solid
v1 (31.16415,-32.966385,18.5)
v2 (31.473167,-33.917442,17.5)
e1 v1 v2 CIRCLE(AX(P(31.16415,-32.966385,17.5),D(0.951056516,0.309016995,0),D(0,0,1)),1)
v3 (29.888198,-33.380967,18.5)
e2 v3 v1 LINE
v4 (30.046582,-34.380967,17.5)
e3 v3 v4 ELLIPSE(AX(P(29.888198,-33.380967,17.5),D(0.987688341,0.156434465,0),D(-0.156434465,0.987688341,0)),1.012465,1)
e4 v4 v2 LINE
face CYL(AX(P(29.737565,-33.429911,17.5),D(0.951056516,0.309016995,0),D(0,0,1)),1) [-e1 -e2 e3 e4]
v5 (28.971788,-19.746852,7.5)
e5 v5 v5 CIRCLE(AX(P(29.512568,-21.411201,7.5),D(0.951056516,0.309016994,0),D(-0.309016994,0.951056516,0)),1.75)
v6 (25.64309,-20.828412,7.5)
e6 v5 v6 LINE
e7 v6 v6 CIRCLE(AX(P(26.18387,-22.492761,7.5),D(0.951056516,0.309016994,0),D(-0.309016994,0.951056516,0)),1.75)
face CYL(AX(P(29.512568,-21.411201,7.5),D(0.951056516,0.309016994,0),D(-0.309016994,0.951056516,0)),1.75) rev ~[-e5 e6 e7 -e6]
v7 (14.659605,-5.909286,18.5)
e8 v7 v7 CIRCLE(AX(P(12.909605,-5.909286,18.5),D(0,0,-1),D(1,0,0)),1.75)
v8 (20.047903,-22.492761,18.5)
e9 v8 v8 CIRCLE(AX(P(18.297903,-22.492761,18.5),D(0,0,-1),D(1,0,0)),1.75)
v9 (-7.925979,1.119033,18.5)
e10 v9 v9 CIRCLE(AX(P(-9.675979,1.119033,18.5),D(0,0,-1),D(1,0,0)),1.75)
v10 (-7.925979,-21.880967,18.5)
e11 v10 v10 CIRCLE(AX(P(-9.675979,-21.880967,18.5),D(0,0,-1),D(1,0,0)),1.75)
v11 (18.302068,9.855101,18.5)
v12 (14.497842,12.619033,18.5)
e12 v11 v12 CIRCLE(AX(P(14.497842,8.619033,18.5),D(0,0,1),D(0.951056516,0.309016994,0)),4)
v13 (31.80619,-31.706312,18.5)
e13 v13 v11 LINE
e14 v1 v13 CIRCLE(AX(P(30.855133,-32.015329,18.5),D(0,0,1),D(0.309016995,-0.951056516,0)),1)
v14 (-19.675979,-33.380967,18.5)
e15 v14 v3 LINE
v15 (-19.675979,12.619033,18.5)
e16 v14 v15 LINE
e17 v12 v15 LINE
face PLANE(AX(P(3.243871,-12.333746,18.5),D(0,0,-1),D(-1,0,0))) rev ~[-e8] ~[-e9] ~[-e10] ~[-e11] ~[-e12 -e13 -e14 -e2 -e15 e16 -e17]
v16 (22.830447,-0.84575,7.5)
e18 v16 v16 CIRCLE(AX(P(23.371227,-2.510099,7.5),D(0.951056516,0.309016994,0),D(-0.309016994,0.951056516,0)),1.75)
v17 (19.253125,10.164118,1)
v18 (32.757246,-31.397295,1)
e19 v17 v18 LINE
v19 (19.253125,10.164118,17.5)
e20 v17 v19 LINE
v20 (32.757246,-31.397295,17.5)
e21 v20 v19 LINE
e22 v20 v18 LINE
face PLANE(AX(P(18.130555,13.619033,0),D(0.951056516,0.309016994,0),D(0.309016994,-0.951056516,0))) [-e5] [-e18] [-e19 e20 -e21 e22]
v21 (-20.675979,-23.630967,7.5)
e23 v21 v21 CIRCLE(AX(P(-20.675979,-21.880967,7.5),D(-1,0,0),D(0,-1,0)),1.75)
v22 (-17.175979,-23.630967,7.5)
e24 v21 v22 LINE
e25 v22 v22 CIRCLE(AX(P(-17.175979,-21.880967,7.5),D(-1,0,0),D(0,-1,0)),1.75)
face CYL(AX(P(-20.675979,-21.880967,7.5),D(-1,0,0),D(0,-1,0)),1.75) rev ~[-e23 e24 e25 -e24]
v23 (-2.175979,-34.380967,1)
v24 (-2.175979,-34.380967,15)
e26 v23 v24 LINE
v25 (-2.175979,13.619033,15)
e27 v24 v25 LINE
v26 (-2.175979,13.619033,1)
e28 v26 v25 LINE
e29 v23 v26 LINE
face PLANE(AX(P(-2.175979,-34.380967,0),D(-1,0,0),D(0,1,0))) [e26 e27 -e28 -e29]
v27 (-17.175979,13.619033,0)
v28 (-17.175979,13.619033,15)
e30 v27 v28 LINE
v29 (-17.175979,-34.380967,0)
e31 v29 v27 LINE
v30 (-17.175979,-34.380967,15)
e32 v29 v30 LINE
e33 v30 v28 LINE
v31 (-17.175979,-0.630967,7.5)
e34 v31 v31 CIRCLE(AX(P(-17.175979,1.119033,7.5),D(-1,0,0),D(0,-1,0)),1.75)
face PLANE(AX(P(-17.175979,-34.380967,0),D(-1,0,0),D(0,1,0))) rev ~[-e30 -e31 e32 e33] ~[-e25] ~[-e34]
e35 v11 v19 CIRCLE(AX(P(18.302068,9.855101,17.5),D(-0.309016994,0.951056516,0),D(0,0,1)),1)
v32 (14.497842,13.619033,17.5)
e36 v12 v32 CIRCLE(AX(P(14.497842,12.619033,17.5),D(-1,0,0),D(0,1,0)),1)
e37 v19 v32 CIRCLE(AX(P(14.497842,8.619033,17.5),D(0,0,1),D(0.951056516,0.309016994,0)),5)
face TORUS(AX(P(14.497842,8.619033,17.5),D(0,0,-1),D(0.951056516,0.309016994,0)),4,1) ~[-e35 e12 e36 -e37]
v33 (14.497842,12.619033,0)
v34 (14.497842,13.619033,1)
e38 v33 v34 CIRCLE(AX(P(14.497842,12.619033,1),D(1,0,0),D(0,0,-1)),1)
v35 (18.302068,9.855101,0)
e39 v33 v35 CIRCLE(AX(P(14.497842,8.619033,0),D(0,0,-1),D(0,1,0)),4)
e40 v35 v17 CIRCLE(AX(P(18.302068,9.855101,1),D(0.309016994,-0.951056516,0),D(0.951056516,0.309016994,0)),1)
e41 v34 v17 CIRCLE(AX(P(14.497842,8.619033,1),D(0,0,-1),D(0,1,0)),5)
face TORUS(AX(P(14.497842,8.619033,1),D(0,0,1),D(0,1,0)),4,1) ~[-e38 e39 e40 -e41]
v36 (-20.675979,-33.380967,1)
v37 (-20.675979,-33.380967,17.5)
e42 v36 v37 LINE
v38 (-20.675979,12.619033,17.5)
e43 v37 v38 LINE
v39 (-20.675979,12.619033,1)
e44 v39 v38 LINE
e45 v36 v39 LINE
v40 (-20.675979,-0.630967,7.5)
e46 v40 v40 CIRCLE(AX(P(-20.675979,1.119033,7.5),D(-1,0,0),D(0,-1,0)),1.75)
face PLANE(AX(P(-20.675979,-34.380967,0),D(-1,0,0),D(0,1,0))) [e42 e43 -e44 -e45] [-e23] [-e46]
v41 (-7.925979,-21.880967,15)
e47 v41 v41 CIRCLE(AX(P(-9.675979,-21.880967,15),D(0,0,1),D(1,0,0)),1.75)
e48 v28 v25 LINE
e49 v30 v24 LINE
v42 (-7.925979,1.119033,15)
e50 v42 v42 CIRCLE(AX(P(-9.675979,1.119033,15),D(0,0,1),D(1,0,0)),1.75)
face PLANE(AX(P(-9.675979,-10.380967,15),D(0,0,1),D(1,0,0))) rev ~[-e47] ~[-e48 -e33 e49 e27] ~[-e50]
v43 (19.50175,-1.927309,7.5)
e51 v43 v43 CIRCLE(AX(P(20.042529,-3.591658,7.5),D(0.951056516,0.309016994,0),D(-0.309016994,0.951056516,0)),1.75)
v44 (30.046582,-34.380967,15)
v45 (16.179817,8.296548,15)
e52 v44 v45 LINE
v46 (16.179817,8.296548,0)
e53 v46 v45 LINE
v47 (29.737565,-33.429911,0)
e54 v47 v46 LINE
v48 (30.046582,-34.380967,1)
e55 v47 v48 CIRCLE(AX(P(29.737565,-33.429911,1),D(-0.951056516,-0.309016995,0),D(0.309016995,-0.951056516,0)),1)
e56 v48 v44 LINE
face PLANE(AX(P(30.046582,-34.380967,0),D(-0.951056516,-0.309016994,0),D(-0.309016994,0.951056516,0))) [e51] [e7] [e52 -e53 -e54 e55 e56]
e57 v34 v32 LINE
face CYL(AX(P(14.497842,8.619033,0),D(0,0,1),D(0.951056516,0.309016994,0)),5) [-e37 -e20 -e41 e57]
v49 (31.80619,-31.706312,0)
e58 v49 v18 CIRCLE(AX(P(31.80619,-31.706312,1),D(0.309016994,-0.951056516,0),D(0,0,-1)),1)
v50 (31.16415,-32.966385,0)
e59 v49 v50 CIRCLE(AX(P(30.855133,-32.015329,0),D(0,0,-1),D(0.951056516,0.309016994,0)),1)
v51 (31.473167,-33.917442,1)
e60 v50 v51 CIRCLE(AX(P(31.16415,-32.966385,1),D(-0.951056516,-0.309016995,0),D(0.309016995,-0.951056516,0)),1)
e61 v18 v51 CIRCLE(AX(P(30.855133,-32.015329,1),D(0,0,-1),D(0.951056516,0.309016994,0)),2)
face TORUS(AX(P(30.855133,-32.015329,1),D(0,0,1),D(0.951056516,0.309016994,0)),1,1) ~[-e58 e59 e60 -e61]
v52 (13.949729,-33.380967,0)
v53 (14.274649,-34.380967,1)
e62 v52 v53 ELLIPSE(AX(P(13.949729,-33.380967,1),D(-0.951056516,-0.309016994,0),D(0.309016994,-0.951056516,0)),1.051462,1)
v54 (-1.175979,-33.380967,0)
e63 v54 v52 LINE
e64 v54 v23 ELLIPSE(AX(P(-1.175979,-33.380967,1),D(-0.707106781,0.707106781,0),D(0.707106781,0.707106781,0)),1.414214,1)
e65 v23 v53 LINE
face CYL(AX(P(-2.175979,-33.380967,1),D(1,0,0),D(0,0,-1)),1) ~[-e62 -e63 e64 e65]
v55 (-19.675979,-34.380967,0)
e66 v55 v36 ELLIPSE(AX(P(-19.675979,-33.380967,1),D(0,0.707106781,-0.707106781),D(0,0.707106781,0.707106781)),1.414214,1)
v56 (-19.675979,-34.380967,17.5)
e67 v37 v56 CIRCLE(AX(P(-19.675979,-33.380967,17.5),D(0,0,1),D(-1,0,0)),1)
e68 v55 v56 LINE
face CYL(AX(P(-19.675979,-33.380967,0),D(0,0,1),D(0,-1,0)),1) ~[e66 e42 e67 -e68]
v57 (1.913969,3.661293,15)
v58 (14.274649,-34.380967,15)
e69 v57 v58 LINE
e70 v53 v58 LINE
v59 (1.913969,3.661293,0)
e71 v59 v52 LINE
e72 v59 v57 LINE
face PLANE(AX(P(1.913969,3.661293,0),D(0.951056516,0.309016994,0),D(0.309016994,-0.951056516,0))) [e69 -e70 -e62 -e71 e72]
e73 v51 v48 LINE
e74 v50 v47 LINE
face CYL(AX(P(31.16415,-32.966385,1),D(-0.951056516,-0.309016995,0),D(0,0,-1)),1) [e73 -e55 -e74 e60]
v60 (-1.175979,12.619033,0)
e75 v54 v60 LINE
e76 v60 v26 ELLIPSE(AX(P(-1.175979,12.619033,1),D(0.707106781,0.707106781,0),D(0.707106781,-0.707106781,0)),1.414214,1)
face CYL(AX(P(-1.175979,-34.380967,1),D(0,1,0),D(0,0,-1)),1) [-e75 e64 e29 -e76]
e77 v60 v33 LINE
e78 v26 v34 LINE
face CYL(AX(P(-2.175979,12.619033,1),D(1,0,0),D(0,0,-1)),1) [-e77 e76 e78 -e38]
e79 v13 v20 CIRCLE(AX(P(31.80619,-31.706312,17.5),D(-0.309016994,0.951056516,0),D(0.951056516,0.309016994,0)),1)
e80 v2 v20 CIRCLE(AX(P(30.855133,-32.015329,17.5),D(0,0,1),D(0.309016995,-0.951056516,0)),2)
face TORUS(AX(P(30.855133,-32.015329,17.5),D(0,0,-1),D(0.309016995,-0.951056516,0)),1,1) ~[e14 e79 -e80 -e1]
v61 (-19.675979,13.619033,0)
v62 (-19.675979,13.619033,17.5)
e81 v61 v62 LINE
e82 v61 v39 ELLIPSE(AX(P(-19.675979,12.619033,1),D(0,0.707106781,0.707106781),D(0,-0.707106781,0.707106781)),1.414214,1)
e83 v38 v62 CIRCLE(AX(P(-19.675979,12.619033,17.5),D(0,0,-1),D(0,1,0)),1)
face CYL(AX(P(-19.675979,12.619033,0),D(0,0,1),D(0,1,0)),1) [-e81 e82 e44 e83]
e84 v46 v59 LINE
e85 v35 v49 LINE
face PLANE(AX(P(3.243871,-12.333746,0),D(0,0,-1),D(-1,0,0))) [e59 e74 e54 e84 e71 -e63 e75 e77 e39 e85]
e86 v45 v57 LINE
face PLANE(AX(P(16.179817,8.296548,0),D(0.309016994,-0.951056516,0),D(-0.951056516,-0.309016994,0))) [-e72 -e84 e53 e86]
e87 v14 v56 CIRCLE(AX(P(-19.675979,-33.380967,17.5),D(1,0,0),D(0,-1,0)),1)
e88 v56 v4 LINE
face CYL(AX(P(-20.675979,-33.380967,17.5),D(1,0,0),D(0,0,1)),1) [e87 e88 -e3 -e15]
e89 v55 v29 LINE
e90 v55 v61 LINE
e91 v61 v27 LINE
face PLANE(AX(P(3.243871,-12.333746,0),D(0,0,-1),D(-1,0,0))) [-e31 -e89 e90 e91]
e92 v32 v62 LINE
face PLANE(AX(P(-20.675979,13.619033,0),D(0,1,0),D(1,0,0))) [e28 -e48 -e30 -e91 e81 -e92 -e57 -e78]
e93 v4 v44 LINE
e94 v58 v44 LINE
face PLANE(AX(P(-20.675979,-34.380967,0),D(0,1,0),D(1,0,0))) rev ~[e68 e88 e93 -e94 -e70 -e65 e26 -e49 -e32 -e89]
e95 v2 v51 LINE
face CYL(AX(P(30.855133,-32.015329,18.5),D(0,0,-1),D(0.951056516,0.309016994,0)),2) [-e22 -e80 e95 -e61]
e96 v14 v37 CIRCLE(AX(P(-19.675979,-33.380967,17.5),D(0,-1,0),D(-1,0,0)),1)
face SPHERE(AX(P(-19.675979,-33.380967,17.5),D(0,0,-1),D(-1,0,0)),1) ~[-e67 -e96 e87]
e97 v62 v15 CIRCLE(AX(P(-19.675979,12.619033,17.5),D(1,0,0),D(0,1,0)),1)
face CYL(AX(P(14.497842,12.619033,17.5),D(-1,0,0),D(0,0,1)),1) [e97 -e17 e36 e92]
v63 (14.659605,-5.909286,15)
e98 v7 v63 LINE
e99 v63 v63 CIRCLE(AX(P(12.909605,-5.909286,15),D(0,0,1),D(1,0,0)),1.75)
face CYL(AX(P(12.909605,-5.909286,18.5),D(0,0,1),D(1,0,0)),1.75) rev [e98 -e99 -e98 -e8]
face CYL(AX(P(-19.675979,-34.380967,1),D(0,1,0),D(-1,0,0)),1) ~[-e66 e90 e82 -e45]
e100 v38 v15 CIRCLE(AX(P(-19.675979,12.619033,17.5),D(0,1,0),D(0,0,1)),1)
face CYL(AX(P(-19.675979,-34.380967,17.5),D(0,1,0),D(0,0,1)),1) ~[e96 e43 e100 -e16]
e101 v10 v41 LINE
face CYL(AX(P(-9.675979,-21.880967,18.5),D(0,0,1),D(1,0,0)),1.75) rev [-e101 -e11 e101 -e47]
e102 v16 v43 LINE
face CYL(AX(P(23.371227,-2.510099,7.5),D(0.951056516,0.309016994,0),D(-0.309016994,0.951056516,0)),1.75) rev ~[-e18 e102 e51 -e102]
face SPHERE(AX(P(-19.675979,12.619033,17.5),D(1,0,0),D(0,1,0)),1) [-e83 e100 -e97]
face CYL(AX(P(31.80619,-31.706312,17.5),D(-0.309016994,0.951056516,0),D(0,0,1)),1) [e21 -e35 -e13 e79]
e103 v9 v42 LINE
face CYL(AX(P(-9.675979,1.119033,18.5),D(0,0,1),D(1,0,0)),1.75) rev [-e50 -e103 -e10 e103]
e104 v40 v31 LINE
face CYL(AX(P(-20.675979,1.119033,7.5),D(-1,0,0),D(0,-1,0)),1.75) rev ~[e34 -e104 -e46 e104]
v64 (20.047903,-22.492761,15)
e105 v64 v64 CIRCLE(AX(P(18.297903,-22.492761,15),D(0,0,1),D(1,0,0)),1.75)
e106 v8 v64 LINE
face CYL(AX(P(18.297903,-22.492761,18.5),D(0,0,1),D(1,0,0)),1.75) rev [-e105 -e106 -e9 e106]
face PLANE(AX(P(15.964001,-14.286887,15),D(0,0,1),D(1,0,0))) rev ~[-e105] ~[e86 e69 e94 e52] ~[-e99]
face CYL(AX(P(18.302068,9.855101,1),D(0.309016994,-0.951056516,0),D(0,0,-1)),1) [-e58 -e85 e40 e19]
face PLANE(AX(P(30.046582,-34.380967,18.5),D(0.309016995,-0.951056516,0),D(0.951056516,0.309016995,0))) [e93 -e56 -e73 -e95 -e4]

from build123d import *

# Parameters (mm, degrees)
BOSS_EXTRUDE1_DEPTH = 18.5
SKETCH2_W           = 15
SKETCH2_H           = 48
CUT_EXTRUDE1_DEPTH  = 15
SKETCH3_R           = 1.75
CUT_EXTRUDE2_DEPTH  = 3.5
SKETCH4_R           = 1.75
CUT_EXTRUDE3_DEPTH  = 4
SKETCH5_R           = 1.75
CUT_EXTRUDE4_DEPTH  = 4
CUT_EXTRUDE5_DEPTH  = 19
FILLET1_R           = 2
FILLET2_R           = 5
FILLET3_R           = 1


with BuildPart() as part:
    # Sketch1 → Boss-Extrude1 (new body)
    with BuildSketch(Plane.XY):
        Polygon((18.13055467, 13.619032779), (33.726700089, -34.380967221), (1.324021324, -34.380967221), (-20.675978676, -34.380967221), (-20.675978676, 13.619032779), align=None)
    extrude(amount=BOSS_EXTRUDE1_DEPTH)

    # Sketch2 → Cut-Extrude1 (cut)
    with BuildSketch(Plane.XY):
        with Locations((-9.675978676, -10.380967221)):
            Rectangle(SKETCH2_W, SKETCH2_H)
        Polygon((30.046582304, -34.380967221), (16.17981691, 8.296548347), (1.913969166, 3.661293431), (14.274648941, -34.380967221), align=None)
    extrude(amount=CUT_EXTRUDE1_DEPTH, mode=Mode.SUBTRACT)

    # Sketch3 → Cut-Extrude2 (cut)
    with BuildSketch(Plane(origin=(20.401774067, 6.628938232, 0), x_dir=(0, 0, -1), z_dir=(0.9510565162951533, 0.3090169943749487, 0))):
        with Locations(Location((-7.5, -29.483147467, 0), (0, 0, 90))):
            Circle(SKETCH3_R)
        with Locations(Location((-7.5, -9.609352023, 0), (0, 0, 90))):
            Circle(SKETCH3_R)
    extrude(amount=-CUT_EXTRUDE2_DEPTH, mode=Mode.SUBTRACT)

    # Sketch4 → Cut-Extrude3 (cut)
    with BuildSketch(Plane(origin=(0, 0, 18.5), x_dir=(-1, 0, 0), z_dir=(0, 0, -1))):
        with Locations(Location((-18.297903193, -22.492760767, 0), (0, 0, 180))):
            Circle(SKETCH4_R)
        with Locations(Location((-12.909605467, -5.909285565, 0), (0, 0, 180))):
            Circle(SKETCH4_R)
        with Locations(Location((9.675978676, 1.119032779, 0), (0, 0, 180))):
            Circle(SKETCH4_R)
        with Locations(Location((9.675978676, -21.880967221, 0), (0, 0, 180))):
            Circle(SKETCH4_R)
    extrude(amount=CUT_EXTRUDE3_DEPTH, mode=Mode.SUBTRACT)

    # Sketch5 → Cut-Extrude4 (cut)
    with BuildSketch(Plane.ZY.offset(20.675978676)):
        with Locations(Location((7.5, -21.880967221, 0), (0, 0, 270))):
            Circle(SKETCH5_R)
        with Locations(Location((7.5, 1.119032779, 0), (0, 0, 270))):
            Circle(SKETCH5_R)
    extrude(amount=-CUT_EXTRUDE4_DEPTH, mode=Mode.SUBTRACT)

    # Sketch6 → Cut-Extrude5 (cut)
    with BuildSketch(Plane.XY.offset(18.5)):
        Polygon((30.046582304, -34.380967221), (33.375280111, -33.29940774), (33.726700089, -34.380967221), align=None)
    extrude(amount=-CUT_EXTRUDE5_DEPTH, mode=Mode.SUBTRACT)

    # Fillet1
    fillet1_edges = [part.edges().sort_by_distance(p)[0] for p in [
        (33.375280111, -33.29940774, 9.25),
    ]]
    fillet(fillet1_edges, radius=FILLET1_R)

    # Fillet2
    fillet2_edges = [part.edges().sort_by_distance(p)[0] for p in [
        (18.13055467, 13.619032779, 9.25),
    ]]
    fillet(fillet2_edges, radius=FILLET2_R)

    # Fillet3
    fillet3_edges = [part.edges().sort_by_distance(p)[0] for p in [
        (30.759874691, -34.149204475, 0),
        (32.637146138, -32.923309696, 0),
        (6.160931677, 13.619032779, 0),
        (17.436768291, 12.664117751, 0),
        (30.759874691, -34.149204475, 18.5),
        (32.637146138, -32.923309696, 18.5),
        (-3.089068323, 13.619032779, 18.5),
        (17.436768291, 12.664117751, 18.5),
        (-20.675978676, 13.619032779, 9.25),
        (-20.675978676, -34.380967221, 9.25),
        (-20.675978676, -10.380967221, 0),
        (6.049335132, -34.380967221, 0),
        (-2.175978676, -10.380967221, 0),
        (26.005185367, -10.616588478, 0),
        (-20.675978676, -10.380967221, 18.5),
        (4.685301814, -34.380967221, 18.5),
        (26.005185367, -10.616588478, 18.5),
    ]]
    fillet(fillet3_edges, radius=FILLET3_R)


solid = part.part
